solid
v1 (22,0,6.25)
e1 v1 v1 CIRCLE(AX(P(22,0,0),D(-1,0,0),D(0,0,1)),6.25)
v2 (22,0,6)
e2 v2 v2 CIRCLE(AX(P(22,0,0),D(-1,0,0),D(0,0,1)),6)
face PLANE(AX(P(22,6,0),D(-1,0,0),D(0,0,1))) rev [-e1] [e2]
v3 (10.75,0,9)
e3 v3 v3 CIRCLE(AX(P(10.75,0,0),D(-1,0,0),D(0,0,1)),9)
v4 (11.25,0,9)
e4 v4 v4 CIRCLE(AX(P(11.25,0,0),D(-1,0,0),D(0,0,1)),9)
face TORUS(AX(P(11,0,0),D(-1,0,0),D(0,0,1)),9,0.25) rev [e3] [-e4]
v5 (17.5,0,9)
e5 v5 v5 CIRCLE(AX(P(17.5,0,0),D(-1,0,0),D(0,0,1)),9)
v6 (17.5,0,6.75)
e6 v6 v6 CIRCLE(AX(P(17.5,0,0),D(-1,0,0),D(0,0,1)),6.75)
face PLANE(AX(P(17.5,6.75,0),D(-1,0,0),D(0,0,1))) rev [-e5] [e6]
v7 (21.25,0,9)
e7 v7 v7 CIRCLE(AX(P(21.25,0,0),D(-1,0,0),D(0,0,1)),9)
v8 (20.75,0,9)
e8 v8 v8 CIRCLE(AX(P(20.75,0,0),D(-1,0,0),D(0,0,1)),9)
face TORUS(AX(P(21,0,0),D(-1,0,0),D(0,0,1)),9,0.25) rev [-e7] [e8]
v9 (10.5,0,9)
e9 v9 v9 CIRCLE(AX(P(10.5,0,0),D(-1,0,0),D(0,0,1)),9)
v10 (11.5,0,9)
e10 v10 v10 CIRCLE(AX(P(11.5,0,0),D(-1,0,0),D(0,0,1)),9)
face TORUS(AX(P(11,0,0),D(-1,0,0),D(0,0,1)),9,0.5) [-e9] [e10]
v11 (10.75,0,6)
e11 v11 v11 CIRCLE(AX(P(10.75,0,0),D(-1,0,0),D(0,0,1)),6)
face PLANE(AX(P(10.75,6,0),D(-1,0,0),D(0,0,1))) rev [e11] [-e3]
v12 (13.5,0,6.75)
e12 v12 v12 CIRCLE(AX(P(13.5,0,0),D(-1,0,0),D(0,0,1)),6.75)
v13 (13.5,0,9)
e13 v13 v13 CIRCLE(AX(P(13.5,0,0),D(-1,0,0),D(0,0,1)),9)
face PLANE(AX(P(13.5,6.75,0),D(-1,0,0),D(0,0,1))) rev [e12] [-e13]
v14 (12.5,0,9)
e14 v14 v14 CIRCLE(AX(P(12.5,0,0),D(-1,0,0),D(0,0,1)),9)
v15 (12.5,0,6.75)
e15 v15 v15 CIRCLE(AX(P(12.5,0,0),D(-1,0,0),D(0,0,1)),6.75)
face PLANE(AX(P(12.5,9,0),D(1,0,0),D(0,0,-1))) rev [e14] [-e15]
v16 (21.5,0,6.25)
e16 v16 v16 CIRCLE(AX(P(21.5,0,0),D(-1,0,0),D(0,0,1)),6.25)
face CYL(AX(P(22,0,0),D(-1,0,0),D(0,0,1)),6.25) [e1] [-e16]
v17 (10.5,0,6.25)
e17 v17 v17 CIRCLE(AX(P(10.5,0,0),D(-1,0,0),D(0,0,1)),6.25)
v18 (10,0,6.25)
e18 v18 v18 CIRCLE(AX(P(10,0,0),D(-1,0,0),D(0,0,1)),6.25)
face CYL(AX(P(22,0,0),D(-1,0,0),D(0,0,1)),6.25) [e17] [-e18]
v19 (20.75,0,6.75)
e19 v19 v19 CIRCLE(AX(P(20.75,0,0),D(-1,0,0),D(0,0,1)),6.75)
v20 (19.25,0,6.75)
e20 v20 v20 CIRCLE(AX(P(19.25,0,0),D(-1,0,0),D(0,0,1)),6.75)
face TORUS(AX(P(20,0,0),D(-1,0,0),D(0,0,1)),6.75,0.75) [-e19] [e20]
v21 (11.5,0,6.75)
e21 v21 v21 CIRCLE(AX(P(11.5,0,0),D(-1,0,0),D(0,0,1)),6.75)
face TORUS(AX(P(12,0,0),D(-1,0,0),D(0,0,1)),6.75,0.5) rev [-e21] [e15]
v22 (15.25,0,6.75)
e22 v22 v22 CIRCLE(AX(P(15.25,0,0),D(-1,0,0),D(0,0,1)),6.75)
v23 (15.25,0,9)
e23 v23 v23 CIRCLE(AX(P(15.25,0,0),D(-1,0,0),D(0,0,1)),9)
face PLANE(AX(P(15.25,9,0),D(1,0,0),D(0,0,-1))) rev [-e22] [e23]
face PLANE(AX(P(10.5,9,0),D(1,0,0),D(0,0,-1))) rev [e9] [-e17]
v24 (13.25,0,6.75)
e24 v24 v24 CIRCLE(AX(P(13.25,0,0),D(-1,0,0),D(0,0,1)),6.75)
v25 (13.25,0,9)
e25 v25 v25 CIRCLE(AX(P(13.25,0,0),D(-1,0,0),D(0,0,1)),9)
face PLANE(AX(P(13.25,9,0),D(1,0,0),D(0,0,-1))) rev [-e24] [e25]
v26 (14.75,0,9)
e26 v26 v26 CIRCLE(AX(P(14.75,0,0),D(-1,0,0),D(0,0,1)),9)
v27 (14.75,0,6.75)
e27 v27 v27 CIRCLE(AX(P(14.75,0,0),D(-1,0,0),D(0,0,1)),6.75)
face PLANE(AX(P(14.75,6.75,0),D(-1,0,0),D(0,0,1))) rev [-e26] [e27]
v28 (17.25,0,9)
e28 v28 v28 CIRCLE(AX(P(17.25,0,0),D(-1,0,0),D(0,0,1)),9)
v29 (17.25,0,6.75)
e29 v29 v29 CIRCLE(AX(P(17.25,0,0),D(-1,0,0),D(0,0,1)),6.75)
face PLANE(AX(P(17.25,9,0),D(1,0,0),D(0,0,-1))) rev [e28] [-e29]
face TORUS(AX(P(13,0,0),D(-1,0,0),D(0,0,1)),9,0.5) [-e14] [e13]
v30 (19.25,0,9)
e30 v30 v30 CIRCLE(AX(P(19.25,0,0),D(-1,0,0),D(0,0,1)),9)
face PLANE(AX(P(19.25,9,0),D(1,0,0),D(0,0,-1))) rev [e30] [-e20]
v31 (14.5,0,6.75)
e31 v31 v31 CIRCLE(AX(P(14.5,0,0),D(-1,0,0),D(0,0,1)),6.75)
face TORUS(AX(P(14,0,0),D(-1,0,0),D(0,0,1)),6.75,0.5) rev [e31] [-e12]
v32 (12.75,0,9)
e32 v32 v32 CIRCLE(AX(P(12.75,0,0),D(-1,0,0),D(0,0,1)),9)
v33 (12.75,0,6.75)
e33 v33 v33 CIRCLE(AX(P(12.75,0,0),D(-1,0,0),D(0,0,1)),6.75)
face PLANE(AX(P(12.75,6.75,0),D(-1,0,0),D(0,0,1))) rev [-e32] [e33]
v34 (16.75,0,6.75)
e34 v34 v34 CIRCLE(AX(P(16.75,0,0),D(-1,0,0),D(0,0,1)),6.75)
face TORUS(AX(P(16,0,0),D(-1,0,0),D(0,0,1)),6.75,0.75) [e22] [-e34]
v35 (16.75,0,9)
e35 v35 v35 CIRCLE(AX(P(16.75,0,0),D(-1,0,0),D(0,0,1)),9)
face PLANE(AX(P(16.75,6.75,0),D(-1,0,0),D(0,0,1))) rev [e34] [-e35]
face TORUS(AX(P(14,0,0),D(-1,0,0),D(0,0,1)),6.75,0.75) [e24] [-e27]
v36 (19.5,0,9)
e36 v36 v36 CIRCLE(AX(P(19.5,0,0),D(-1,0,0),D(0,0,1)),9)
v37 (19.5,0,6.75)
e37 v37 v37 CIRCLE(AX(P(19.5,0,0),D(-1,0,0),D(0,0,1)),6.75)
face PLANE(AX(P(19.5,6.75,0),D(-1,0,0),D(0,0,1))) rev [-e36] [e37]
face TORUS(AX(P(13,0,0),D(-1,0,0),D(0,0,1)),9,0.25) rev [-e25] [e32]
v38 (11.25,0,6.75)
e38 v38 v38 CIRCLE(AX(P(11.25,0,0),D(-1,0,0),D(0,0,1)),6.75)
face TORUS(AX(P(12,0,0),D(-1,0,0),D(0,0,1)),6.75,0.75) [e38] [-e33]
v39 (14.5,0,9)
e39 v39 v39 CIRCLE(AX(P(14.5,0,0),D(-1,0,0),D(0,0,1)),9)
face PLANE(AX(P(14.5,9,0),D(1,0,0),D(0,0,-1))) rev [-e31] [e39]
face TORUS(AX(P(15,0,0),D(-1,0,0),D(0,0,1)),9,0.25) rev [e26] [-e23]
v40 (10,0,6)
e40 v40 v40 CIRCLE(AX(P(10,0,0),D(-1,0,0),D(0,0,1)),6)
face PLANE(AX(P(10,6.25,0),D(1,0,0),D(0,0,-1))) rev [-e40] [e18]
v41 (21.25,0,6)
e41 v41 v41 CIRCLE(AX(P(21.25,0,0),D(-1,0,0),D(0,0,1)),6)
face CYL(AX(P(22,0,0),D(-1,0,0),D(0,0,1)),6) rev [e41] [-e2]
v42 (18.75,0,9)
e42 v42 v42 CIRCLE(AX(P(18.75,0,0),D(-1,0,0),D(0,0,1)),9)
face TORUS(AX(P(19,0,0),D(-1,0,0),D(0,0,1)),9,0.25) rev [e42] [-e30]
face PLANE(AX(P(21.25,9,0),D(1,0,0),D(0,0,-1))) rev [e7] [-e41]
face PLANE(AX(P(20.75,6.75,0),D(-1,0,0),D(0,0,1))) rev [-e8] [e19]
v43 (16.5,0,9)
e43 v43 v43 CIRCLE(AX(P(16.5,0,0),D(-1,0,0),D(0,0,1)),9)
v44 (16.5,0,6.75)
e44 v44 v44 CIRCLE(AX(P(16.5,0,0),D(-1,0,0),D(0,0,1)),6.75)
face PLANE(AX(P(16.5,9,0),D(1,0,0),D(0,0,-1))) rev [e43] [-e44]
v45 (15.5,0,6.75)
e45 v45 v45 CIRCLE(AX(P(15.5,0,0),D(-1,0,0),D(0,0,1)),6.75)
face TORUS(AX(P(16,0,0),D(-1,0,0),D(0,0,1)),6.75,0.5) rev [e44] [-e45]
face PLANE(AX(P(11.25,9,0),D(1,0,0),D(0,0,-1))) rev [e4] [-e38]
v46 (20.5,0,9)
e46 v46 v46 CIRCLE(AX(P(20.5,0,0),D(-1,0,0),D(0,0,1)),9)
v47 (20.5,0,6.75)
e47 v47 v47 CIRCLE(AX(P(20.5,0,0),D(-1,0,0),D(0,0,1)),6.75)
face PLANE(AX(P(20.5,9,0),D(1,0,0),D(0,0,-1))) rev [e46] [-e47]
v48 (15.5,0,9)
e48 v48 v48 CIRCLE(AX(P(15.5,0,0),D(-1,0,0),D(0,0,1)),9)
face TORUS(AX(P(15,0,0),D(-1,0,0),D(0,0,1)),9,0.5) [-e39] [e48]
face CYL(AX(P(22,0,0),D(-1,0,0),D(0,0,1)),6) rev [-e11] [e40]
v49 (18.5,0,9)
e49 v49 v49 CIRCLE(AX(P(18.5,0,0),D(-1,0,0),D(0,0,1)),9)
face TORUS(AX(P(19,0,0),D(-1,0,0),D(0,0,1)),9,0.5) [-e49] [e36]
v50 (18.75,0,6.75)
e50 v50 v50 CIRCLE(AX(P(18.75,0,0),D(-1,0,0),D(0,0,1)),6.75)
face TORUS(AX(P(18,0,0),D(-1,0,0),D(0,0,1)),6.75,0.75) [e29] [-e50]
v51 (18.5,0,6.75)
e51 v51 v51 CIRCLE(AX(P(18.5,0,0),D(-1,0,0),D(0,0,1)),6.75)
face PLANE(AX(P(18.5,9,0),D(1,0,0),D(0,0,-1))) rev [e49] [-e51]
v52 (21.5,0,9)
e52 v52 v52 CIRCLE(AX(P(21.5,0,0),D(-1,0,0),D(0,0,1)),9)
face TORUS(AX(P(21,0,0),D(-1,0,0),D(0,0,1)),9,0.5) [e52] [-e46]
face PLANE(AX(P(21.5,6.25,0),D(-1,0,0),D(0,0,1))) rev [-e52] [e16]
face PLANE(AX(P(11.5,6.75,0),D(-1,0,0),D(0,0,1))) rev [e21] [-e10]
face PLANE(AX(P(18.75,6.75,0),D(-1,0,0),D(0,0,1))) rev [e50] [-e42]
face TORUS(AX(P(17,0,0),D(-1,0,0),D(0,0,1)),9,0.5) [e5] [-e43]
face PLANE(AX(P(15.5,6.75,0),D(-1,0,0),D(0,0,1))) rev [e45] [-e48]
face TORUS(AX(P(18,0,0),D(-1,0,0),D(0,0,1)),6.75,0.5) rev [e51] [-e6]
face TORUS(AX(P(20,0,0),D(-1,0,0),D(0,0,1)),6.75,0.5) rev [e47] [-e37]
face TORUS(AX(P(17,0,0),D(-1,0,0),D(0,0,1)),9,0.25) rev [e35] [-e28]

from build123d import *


with BuildPart() as part:
    # Sketch1 → Revolve1 (revolve)
    with BuildSketch(Plane.XY, mode=Mode.PRIVATE) as revolve1_sk:
        with BuildLine():
            Line((10, 6.25), (10, 6))
            Line((10, 6), (10.75, 6))
            Line((10.75, 6), (10.75, 9))
            ThreePointArc((10.75, 9), (11, 9.25), (11.25, 9))
            Line((11.25, 9), (11.25, 6.75))
            ThreePointArc((11.25, 6.75), (12, 6), (12.75, 6.75))
            Line((12.75, 6.75), (12.75, 9))
            ThreePointArc((12.75, 9), (13, 9.25), (13.25, 9))
            Line((13.25, 9), (13.25, 6.75))
            ThreePointArc((13.25, 6.75), (14, 6), (14.75, 6.75))
            Line((14.75, 6.75), (14.75, 9))
            ThreePointArc((14.75, 9), (15, 9.25), (15.25, 9))
            Line((15.25, 9), (15.25, 6.75))
            ThreePointArc((15.25, 6.75), (16, 6), (16.75, 6.75))
            Line((16.75, 6.75), (16.75, 9))
            ThreePointArc((16.75, 9), (17, 9.25), (17.25, 9))
            Line((17.25, 9), (17.25, 6.75))
            ThreePointArc((17.25, 6.75), (18, 6), (18.75, 6.75))
            Line((18.75, 6.75), (18.75, 9))
            ThreePointArc((18.75, 9), (19, 9.25), (19.25, 9))
            Line((19.25, 9), (19.25, 6.75))
            ThreePointArc((19.25, 6.75), (20, 6), (20.75, 6.75))
            Line((20.75, 6.75), (20.75, 9))
            ThreePointArc((20.75, 9), (21, 9.25), (21.25, 9))
            Line((21.25, 9), (21.25, 6))
            Line((21.25, 6), (22, 6))
            Line((22, 6), (22, 6.25))
            Line((22, 6.25), (21.5, 6.25))
            Line((21.5, 6.25), (21.5, 9))
            ThreePointArc((21.5, 9), (21, 9.5), (20.5, 9))
            Line((20.5, 9), (20.5, 6.75))
            ThreePointArc((20.5, 6.75), (20, 6.25), (19.5, 6.75))
            Line((19.5, 6.75), (19.5, 9))
            ThreePointArc((19.5, 9), (19, 9.5), (18.5, 9))
            Line((18.5, 9), (18.5, 6.75))
            ThreePointArc((18.5, 6.75), (18, 6.25), (17.5, 6.75))
            Line((17.5, 6.75), (17.5, 9))
            ThreePointArc((17.5, 9), (17, 9.5), (16.5, 9))
            Line((16.5, 9), (16.5, 6.75))
            ThreePointArc((16.5, 6.75), (16, 6.25), (15.5, 6.75))
            Line((15.5, 6.75), (15.5, 9))
            ThreePointArc((15.5, 9), (15, 9.5), (14.5, 9))
            Line((14.5, 9), (14.5, 6.75))
            ThreePointArc((14.5, 6.75), (14, 6.25), (13.5, 6.75))
            Line((13.5, 6.75), (13.5, 9))
            ThreePointArc((13.5, 9), (13, 9.5), (12.5, 9))
            Line((12.5, 9), (12.5, 6.75))
            ThreePointArc((12.5, 6.75), (12, 6.25), (11.5, 6.75))
            Line((11.5, 6.75), (11.5, 9))
            ThreePointArc((11.5, 9), (11, 9.5), (10.5, 9))
            Line((10.5, 9), (10.5, 6.25))
            Line((10.5, 6.25), (10, 6.25))
        make_face()
    revolve(revolve1_sk.sketch.rotate(Axis((22, 0, 0), (-1, 0, 0)), 270), axis=Axis((22, 0, 0), (-1, 0, 0)))


solid = part.part
